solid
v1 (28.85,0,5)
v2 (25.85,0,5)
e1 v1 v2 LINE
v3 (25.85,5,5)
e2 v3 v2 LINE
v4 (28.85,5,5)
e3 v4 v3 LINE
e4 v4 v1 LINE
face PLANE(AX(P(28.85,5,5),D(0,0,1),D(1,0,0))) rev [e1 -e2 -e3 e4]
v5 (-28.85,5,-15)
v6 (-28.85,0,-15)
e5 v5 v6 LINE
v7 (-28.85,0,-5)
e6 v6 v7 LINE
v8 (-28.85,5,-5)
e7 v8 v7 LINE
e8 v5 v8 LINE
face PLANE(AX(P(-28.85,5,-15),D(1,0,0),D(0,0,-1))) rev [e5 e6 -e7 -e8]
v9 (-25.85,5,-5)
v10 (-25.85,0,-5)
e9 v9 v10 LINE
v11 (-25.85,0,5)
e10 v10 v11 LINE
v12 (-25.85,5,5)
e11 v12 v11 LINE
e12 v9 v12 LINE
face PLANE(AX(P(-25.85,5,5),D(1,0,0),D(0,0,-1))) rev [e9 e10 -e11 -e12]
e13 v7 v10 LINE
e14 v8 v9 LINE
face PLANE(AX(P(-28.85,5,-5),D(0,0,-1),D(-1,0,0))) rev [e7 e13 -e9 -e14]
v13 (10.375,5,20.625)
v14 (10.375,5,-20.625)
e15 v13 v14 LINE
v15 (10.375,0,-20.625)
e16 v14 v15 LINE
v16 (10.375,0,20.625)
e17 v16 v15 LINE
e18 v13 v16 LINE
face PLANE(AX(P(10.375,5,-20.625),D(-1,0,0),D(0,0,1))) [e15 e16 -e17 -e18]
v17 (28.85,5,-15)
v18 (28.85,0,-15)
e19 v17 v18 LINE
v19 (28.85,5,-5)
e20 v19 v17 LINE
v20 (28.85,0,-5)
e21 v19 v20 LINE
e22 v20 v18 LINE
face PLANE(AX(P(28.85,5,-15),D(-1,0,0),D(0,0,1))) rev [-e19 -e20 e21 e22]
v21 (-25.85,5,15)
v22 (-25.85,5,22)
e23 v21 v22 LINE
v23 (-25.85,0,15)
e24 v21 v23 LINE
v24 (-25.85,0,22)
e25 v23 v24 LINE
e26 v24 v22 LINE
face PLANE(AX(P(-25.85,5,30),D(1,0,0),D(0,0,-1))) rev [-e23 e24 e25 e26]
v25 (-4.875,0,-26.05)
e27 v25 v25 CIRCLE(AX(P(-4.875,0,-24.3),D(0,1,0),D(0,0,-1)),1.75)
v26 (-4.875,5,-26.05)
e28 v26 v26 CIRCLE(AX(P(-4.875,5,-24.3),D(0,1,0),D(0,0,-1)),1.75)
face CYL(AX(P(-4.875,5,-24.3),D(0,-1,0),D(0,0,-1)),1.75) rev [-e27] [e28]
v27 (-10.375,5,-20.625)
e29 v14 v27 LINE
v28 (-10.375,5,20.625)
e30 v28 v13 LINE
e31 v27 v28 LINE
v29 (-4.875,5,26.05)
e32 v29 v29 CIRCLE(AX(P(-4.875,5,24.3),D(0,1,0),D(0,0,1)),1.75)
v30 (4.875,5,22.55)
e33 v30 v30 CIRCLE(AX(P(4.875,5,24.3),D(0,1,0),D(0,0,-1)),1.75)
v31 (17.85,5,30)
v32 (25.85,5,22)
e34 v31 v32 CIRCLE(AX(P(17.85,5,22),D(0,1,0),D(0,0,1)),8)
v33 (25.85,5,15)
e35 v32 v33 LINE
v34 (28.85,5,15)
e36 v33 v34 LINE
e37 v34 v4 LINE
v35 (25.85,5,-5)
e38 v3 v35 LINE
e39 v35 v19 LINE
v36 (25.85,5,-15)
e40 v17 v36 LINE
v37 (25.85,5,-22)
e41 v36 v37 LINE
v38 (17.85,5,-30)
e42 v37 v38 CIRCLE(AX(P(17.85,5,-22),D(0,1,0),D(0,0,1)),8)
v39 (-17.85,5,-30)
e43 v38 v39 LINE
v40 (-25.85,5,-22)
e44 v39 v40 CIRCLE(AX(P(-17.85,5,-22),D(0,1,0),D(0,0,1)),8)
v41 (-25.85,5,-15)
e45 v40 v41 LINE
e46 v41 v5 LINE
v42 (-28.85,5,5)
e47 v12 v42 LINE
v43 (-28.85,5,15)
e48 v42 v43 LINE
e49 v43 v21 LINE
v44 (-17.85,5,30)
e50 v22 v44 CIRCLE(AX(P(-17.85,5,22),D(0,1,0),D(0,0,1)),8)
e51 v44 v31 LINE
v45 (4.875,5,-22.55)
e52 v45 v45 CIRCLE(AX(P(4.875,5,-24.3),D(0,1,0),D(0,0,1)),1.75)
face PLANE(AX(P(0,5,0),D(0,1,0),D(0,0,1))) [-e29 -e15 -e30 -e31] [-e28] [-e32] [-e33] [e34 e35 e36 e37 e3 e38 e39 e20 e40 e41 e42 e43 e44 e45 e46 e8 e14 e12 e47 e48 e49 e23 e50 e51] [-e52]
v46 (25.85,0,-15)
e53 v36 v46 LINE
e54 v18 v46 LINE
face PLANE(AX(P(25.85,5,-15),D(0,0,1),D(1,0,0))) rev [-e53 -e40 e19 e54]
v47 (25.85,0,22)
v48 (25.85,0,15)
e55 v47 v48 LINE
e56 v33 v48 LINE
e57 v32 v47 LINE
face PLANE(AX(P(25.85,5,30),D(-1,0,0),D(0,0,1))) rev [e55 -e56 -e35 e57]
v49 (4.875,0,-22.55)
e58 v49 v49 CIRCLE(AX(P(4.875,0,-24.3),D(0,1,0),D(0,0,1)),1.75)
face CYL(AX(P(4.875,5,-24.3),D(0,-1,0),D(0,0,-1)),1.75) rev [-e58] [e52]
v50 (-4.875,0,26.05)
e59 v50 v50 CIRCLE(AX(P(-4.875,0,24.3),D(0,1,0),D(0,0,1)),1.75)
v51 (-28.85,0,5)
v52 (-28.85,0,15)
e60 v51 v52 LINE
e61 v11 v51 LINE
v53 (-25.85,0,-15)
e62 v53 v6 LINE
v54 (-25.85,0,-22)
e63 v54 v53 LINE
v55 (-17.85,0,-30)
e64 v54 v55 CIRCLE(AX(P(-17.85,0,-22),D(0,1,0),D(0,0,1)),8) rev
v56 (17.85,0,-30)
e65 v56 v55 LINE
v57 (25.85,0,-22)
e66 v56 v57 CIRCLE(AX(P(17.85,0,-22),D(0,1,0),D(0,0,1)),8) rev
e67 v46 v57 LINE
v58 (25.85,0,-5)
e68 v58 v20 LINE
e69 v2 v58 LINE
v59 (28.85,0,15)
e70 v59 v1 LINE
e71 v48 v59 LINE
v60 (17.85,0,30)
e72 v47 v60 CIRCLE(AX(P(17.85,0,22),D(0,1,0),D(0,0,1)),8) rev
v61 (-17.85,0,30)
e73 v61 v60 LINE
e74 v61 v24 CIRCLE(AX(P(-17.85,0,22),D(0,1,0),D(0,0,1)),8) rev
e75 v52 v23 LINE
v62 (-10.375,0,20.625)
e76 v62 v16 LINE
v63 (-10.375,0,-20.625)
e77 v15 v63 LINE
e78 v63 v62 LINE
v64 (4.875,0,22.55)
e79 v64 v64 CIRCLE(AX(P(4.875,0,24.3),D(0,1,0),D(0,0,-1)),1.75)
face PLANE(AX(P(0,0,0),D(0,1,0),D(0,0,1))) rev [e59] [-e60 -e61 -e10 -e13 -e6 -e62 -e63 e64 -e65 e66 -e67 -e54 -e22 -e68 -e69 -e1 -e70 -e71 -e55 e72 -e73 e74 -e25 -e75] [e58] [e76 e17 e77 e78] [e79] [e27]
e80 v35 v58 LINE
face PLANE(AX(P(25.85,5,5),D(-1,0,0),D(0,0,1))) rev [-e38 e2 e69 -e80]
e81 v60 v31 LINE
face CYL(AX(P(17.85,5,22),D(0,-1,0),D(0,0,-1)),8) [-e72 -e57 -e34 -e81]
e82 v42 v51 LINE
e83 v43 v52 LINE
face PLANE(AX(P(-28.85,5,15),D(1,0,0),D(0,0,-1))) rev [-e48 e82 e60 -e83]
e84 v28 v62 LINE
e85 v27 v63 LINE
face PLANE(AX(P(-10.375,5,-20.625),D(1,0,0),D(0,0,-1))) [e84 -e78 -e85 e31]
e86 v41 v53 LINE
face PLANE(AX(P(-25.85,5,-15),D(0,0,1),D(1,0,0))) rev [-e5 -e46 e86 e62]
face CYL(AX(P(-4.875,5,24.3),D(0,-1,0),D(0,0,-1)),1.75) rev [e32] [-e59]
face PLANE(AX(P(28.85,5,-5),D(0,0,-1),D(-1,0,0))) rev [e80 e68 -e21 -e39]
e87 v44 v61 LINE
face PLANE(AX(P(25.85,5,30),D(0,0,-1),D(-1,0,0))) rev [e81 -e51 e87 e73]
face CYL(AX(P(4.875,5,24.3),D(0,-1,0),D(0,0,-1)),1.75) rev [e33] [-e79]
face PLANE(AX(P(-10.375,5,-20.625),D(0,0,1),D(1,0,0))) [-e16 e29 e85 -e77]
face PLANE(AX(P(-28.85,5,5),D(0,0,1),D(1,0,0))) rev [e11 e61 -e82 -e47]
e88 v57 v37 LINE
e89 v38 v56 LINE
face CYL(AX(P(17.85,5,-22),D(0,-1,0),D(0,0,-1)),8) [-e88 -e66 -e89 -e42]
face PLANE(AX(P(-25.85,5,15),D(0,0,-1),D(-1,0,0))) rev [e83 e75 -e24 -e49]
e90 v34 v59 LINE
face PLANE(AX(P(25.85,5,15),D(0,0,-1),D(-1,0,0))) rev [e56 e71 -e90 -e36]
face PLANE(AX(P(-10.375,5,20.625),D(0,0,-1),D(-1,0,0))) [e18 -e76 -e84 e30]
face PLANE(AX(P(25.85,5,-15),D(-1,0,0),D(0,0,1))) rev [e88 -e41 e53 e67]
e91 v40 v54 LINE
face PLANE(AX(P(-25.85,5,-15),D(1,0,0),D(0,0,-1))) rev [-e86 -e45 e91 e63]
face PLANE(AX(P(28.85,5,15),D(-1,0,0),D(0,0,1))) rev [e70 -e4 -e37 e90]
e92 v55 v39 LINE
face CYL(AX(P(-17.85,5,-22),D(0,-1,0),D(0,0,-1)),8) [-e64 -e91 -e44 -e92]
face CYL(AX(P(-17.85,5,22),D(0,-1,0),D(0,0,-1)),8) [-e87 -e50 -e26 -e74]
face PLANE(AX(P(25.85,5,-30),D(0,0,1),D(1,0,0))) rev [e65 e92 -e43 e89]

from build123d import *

# Parameters (mm, degrees)
SKETCH_1_R      = 1.75
SKETCH_1_W      = 20.75
SKETCH_1_H      = 41.25
EXTRUDE_1_DEPTH = 5
FILLET_1_R      = 8


with BuildPart() as part:
    # 草图1 → 凸台-拉伸1 (new body)
    with BuildSketch(Plane(origin=(0, 0, 0), x_dir=(1, 0, 0), z_dir=(0, 1, 0))):
        Polygon((25.85, -30), (-25.85, -30), (-25.85, -15), (-28.85, -15), (-28.85, -5), (-25.85, -5), (-25.85, 5), (-28.85, 5), (-28.85, 15), (-25.85, 15), (-25.85, 30), (25.85, 30), (25.85, 15), (28.85, 15), (28.85, 5), (25.85, 5), (25.85, -5), (28.85, -5), (28.85, -15), (25.85, -15), align=None)
        with Locations(Location((-4.875, -24.3, 0), (0, 0, 270))):
            Circle(SKETCH_1_R, mode=Mode.SUBTRACT)
        with Locations(Location((4.875, -24.3, 0), (0, 0, 90))):
            Circle(SKETCH_1_R, mode=Mode.SUBTRACT)
        with Locations(Location((4.875, 24.3, 0), (0, 0, 270))):
            Circle(SKETCH_1_R, mode=Mode.SUBTRACT)
        with Locations(Location((-4.875, 24.3, 0), (0, 0, 90))):
            Circle(SKETCH_1_R, mode=Mode.SUBTRACT)
        Rectangle(SKETCH_1_W, SKETCH_1_H, mode=Mode.SUBTRACT)
    extrude(amount=EXTRUDE_1_DEPTH)

    # 圆角1
    fillet_1_edges = [part.edges().sort_by_distance(p)[0] for p in [
        (-25.85, 2.5, -30),
        (25.85, 2.5, -30),
        (25.85, 2.5, 30),
        (-25.85, 2.5, 30),
    ]]
    fillet(fillet_1_edges, radius=FILLET_1_R)


solid = part.part
